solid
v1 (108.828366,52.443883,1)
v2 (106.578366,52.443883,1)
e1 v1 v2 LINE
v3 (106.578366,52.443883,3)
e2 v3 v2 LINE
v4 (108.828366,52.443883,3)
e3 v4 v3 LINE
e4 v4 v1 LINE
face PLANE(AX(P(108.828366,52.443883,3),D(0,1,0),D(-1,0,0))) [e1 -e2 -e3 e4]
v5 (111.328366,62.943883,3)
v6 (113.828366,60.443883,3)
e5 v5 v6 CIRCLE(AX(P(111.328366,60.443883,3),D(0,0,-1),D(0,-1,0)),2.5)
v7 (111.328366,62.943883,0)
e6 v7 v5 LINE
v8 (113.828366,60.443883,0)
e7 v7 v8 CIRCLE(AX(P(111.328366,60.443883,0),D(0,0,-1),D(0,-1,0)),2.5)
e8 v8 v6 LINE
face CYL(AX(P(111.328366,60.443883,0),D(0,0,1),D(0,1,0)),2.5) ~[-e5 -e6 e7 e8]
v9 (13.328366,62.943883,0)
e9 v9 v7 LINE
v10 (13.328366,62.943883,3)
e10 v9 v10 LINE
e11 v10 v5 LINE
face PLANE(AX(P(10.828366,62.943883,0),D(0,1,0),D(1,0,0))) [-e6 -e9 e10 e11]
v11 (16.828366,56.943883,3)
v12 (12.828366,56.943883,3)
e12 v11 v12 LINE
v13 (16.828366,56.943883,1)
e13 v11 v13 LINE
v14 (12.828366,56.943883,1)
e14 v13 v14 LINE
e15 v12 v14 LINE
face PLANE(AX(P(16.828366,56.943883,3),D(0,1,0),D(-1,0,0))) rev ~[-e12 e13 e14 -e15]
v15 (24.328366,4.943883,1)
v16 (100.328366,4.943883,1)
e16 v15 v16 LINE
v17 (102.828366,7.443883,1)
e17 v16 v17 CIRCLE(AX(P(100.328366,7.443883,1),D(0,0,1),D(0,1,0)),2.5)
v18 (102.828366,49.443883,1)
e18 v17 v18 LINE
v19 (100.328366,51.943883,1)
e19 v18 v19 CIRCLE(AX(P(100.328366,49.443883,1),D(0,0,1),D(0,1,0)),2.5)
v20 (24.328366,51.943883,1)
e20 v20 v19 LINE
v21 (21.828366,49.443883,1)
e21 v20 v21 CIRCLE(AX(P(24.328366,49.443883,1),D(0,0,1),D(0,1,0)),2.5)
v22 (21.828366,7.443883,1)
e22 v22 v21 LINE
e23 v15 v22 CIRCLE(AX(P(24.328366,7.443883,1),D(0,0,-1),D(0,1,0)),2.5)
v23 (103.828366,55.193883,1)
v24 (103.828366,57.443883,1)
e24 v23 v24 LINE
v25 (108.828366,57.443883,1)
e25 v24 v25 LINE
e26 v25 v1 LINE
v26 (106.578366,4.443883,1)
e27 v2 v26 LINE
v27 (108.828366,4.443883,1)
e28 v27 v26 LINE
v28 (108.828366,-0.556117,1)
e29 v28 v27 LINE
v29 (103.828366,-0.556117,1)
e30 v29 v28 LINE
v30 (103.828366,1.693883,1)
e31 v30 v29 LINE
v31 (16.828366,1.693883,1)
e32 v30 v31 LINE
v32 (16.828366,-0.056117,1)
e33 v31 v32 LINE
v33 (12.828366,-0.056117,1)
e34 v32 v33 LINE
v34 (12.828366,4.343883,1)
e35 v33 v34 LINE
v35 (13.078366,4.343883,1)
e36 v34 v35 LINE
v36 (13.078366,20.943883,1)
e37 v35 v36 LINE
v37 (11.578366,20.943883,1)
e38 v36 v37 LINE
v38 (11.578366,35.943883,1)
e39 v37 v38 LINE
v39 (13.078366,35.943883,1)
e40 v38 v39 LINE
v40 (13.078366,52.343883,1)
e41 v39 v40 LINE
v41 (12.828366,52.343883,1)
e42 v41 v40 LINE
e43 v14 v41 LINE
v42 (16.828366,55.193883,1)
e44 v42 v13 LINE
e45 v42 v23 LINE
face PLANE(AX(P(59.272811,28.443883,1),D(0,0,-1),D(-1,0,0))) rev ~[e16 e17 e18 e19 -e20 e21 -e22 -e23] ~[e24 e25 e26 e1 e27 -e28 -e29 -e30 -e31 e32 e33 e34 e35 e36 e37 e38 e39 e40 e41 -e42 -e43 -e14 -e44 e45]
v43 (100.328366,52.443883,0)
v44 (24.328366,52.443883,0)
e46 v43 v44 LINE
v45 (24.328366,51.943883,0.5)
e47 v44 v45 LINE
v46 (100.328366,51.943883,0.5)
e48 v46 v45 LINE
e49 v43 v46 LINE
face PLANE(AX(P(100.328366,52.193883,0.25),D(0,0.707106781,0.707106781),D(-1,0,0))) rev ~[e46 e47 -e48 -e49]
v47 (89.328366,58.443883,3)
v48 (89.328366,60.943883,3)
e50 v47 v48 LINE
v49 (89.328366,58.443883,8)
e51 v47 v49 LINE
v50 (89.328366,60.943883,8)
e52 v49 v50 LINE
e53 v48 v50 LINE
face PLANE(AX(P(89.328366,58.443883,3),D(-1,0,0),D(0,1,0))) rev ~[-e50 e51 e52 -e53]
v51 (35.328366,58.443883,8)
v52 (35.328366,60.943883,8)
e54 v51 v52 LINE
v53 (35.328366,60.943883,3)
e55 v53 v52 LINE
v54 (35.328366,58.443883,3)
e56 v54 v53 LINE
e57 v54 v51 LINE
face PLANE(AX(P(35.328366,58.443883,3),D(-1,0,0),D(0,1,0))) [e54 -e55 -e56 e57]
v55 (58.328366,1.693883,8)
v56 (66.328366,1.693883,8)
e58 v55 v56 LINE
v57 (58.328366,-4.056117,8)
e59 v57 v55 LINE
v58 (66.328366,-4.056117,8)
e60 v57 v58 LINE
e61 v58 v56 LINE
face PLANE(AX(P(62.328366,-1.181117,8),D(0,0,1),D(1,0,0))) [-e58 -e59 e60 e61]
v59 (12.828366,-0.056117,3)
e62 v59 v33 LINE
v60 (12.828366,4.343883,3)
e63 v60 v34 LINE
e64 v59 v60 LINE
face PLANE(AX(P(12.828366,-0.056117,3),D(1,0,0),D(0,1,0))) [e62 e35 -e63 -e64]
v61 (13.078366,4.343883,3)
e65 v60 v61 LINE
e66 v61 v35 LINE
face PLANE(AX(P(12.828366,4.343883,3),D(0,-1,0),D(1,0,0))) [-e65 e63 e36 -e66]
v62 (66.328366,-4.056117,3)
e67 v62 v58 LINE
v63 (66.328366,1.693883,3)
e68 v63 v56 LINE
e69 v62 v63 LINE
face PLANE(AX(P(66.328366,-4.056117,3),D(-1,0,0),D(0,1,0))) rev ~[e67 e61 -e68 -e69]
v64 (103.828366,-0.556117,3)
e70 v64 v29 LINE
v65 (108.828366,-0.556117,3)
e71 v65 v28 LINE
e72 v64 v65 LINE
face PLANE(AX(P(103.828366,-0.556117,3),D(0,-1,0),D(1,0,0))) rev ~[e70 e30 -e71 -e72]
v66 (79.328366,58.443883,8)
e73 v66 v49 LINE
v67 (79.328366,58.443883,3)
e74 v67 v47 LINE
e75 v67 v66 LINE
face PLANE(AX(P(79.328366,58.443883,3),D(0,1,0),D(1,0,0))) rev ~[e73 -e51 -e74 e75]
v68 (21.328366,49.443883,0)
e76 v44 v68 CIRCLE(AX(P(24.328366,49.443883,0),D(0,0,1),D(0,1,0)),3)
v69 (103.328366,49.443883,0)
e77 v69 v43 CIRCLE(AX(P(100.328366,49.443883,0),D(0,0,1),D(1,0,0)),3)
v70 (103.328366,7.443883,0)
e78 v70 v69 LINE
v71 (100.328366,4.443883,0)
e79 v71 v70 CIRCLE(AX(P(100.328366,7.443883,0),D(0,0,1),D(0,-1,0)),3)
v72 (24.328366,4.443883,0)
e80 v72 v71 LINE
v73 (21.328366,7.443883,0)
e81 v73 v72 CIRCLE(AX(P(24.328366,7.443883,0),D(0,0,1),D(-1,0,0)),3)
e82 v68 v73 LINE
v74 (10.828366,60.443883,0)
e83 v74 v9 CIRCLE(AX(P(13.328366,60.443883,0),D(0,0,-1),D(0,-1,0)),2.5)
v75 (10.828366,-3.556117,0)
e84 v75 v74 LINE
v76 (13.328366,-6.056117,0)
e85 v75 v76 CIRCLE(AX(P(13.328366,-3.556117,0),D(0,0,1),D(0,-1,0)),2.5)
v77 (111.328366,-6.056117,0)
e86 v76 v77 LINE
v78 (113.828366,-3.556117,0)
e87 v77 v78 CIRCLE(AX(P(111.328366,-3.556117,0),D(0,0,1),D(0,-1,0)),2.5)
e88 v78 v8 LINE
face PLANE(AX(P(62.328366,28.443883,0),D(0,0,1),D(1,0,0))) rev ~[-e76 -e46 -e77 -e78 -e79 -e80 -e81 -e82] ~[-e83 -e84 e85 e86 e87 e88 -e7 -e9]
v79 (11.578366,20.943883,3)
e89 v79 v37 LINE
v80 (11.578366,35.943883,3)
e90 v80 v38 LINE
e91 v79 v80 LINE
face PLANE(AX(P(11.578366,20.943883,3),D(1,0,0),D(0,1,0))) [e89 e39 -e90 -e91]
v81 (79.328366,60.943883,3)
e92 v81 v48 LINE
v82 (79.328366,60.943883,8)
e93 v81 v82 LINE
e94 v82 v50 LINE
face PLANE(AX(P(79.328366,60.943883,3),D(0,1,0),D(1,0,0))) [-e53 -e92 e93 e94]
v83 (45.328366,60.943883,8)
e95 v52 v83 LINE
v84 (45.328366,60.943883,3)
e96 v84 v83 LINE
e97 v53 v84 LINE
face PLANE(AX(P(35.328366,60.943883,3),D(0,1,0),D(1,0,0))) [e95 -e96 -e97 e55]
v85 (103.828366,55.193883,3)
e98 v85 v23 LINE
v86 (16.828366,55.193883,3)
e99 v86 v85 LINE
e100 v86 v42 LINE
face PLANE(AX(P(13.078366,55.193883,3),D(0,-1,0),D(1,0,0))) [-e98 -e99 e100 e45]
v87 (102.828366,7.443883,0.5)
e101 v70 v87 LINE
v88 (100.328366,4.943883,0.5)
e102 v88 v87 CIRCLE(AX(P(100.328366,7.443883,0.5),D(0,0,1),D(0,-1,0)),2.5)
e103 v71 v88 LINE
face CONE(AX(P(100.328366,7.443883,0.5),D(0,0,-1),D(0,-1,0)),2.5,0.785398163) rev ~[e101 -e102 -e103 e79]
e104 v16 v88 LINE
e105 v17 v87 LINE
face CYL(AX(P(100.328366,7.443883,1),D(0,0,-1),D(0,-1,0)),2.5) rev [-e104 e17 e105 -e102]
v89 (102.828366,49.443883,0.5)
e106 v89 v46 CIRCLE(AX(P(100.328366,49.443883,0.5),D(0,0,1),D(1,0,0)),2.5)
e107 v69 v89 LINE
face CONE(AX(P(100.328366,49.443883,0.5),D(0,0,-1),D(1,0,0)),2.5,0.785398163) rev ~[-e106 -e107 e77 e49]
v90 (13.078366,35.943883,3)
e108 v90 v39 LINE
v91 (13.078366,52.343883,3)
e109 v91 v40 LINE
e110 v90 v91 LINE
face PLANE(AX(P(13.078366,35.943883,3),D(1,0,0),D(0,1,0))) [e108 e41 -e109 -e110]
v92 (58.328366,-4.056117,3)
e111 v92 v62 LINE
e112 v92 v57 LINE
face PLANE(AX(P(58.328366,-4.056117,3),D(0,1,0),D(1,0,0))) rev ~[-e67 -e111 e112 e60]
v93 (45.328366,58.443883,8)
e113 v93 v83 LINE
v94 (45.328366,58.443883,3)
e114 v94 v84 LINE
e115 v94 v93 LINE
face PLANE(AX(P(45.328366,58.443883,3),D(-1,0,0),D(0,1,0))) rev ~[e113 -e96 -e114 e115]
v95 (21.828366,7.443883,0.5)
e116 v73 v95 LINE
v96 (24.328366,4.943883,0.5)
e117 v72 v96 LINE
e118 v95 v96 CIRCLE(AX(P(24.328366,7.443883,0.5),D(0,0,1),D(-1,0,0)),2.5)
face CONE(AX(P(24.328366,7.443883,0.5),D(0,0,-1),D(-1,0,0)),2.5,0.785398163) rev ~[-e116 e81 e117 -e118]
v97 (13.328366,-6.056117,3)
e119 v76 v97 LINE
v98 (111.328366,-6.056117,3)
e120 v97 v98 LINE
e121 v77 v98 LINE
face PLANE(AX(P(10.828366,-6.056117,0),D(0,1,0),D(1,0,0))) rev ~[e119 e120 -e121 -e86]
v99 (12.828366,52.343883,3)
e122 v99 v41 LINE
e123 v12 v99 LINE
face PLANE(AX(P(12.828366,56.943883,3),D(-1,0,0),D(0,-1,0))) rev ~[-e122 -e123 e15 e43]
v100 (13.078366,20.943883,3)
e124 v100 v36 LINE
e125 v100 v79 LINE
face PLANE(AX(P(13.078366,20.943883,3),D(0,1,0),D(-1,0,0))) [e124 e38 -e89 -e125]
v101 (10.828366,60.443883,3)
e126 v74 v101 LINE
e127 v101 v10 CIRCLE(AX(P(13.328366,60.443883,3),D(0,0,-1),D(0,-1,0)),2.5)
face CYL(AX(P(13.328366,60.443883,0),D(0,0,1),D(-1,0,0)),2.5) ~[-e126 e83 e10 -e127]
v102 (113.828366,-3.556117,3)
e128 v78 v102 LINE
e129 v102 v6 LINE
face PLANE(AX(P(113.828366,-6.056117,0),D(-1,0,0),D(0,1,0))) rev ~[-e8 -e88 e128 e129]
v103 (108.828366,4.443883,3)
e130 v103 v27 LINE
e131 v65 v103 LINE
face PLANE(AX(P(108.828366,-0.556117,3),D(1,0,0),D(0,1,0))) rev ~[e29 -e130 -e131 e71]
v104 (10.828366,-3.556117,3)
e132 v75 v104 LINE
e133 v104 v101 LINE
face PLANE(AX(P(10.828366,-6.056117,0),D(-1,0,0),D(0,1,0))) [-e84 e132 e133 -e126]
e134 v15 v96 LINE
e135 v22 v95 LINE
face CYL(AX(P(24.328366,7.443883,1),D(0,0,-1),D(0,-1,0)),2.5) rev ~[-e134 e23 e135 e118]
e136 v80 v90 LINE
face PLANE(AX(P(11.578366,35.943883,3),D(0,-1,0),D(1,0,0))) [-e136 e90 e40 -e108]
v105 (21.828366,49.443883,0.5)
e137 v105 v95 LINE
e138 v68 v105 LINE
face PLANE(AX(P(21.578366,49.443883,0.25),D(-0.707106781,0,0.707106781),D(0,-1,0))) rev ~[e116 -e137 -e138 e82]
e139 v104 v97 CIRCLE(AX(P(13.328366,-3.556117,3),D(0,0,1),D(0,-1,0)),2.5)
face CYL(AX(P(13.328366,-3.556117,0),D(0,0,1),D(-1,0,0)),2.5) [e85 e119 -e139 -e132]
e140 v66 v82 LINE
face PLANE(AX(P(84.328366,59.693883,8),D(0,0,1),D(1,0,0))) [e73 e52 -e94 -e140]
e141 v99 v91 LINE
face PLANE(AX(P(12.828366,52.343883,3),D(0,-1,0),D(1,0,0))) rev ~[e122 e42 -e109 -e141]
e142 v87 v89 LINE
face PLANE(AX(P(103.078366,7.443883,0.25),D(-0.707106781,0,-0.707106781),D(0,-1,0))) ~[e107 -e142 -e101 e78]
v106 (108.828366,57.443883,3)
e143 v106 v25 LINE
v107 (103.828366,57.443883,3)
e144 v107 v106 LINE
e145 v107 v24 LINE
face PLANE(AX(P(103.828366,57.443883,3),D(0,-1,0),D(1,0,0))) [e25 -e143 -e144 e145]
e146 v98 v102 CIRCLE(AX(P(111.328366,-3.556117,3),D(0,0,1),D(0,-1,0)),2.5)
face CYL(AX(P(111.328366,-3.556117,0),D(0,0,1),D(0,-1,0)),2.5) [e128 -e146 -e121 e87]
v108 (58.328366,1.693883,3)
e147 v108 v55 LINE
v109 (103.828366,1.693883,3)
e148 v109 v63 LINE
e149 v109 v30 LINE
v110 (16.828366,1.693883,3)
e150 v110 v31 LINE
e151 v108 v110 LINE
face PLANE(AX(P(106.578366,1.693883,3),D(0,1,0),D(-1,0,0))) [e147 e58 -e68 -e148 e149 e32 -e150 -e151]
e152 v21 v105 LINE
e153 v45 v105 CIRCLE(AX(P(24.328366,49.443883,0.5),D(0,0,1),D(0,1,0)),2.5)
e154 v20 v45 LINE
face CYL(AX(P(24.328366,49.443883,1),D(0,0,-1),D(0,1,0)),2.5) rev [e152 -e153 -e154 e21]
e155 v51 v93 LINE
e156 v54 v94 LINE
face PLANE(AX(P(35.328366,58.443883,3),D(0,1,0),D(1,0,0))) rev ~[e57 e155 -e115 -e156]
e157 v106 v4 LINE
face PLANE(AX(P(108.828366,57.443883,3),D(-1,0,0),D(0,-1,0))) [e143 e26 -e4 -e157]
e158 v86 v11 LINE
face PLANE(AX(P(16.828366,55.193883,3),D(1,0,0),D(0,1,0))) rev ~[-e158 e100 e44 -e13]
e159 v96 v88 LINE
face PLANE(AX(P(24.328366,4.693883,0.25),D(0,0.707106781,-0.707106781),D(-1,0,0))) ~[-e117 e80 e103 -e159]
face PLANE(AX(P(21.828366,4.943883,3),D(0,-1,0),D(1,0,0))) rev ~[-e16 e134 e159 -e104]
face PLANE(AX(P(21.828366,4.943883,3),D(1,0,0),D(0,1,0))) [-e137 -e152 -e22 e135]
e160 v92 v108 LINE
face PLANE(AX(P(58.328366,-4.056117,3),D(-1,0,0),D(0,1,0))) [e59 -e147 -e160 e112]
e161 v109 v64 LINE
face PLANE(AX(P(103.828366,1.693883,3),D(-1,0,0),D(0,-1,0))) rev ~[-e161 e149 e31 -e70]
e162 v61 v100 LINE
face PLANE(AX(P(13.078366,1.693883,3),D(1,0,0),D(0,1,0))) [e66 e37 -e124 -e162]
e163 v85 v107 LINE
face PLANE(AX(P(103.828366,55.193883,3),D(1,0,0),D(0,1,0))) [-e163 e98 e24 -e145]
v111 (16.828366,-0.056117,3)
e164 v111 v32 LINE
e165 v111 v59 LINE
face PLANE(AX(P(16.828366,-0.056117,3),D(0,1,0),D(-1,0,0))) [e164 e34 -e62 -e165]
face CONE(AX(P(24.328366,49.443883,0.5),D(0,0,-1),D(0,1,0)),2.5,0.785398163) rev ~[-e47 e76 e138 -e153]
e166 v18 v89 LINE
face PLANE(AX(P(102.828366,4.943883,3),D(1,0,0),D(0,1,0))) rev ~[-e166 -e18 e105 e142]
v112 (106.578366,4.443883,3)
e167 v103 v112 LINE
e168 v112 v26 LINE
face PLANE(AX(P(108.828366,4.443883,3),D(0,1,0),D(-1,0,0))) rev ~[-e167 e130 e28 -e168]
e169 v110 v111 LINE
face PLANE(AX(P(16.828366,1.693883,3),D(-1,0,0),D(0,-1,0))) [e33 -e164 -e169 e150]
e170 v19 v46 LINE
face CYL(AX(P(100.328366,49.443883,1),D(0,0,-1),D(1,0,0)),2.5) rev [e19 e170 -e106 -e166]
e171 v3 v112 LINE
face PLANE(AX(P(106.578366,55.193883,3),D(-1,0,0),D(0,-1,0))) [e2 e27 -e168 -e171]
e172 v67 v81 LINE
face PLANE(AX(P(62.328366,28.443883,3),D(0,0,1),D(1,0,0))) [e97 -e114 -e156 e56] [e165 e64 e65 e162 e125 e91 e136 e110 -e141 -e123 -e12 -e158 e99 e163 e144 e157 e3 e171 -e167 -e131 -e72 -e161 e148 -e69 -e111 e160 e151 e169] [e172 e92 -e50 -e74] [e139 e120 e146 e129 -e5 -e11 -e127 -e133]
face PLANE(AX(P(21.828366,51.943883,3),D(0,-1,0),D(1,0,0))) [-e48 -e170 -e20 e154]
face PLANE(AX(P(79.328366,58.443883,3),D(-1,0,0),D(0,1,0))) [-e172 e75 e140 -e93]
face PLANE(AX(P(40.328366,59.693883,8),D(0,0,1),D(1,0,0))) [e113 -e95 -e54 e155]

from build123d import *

# Parameters (mm, degrees)
SKETCH1_W           = 103
SKETCH1_H           = 69
BOSS_EXTRUDE1_DEPTH = 3
SKETCH2_W           = 81
SKETCH2_H           = 47
CUT_EXTRUDE1_DEPTH  = 3
CUT_EXTRUDE2_DEPTH  = 2
FILLET2_R           = 2.5
FILLET3_R           = 2.5
CHAMFER1_SIZE       = 0.5
CUT_EXTRUDE3_DEPTH  = 2
SKETCH5_W           = 10
SKETCH5_H           = 2.5
BOSS_EXTRUDE2_DEPTH = 5
SKETCH6_W           = 8
SKETCH6_H           = 5.75
BOSS_EXTRUDE3_DEPTH = 5


with BuildPart() as part:
    # Sketch1 → Boss-Extrude1 (new body)
    with BuildSketch(Plane.XY):
        with Locations((62.328366078, 28.443882797)):
            Rectangle(SKETCH1_W, SKETCH1_H)
    extrude(amount=BOSS_EXTRUDE1_DEPTH)

    # Sketch2 → Cut-Extrude1 (cut)
    with BuildSketch(Plane.XY.offset(3)):
        with Locations((62.328366078, 28.443882797)):
            Rectangle(SKETCH2_W, SKETCH2_H)
    extrude(amount=-CUT_EXTRUDE1_DEPTH, mode=Mode.SUBTRACT)

    # Sketch3 → Cut-Extrude2 (cut)
    with BuildSketch(Plane.XY.offset(3)):
        Polygon((13.078366078, 55.193882797), (106.578366078, 55.193882797), (106.578366078, 1.693882797), (13.078366078, 1.693882797), (13.078366078, 20.943882797), (11.578366078, 20.943882797), (11.578366078, 35.943882797), (13.078366078, 35.943882797), align=None)
    extrude(amount=-CUT_EXTRUDE2_DEPTH, mode=Mode.SUBTRACT)

    # Fillet2
    fillet2_edges = [part.edges().sort_by_distance(p)[0] for p in [
        (113.828366078, -6.056117203, 1.5),
        (10.828366078, -6.056117203, 1.5),
        (10.828366078, 62.943882797, 1.5),
        (113.828366078, 62.943882797, 1.5),
    ]]
    fillet(fillet2_edges, radius=FILLET2_R)

    # Fillet3
    fillet3_edges = [part.edges().sort_by_distance(p)[0] for p in [
        (21.828366078, 4.943882797, 0.5),
        (21.828366078, 51.943882797, 0.5),
        (102.828366078, 51.943882797, 0.5),
        (102.828366078, 4.943882797, 0.5),
    ]]
    fillet(fillet3_edges, radius=FILLET3_R)

    # Chamfer1
    chamfer1_edges = [part.edges().sort_by_distance(p)[0] for p in [
        (62.328366078, 4.943882797, 0),
        (102.828366078, 28.443882797, 0),
        (22.560599125, 51.21164975, 0),
        (22.560599125, 5.676115844, 0),
        (102.096133031, 5.676115844, 0),
        (102.096133031, 51.21164975, 0),
        (21.828366078, 28.443882797, 0),
        (62.328366078, 51.943882797, 0),
    ]]
    chamfer(chamfer1_edges, length=CHAMFER1_SIZE)

    # Sketch4 → Cut-Extrude3 (cut)
    with BuildSketch(Plane.XY.offset(3)):
        Polygon((16.828366078, 55.193882797), (16.828366078, 56.943882797), (12.828366078, 56.943882797), (12.828366078, 52.343882797), (13.078366078, 52.343882797), (13.078366078, 55.193882797), align=None)
        Polygon((103.828366078, 55.193882797), (103.828366078, 57.443882797), (108.828366078, 57.443882797), (108.828366078, 52.443882797), (106.578366078, 52.443882797), (106.578366078, 55.193882797), align=None)
        Polygon((16.828366078, 1.693882797), (16.828366078, -0.056117203), (12.828366078, -0.056117203), (12.828366078, 4.343882797), (13.078366078, 4.343882797), (13.078366078, 1.693882797), align=None)
        Polygon((103.828366078, 1.693882797), (103.828366078, -0.556117203), (108.828366078, -0.556117203), (108.828366078, 4.443882797), (106.578366078, 4.443882797), (106.578366078, 1.693882797), align=None)
    extrude(amount=-CUT_EXTRUDE3_DEPTH, mode=Mode.SUBTRACT)

    # Sketch5 → Boss-Extrude2 (add)
    with BuildSketch(Plane.XY.offset(3)):
        with Locations((84.328366078, 59.693882797)):
            Rectangle(SKETCH5_W, SKETCH5_H)
        with Locations((40.328366078, 59.693882797)):
            Rectangle(SKETCH5_W, SKETCH5_H)
    extrude(amount=BOSS_EXTRUDE2_DEPTH)

    # Sketch6 → Boss-Extrude3 (add)
    with BuildSketch(Plane.XY.offset(3)):
        with Locations((62.328366078, -1.181117203)):
            Rectangle(SKETCH6_W, SKETCH6_H)
    extrude(amount=BOSS_EXTRUDE3_DEPTH)


solid = part.part
